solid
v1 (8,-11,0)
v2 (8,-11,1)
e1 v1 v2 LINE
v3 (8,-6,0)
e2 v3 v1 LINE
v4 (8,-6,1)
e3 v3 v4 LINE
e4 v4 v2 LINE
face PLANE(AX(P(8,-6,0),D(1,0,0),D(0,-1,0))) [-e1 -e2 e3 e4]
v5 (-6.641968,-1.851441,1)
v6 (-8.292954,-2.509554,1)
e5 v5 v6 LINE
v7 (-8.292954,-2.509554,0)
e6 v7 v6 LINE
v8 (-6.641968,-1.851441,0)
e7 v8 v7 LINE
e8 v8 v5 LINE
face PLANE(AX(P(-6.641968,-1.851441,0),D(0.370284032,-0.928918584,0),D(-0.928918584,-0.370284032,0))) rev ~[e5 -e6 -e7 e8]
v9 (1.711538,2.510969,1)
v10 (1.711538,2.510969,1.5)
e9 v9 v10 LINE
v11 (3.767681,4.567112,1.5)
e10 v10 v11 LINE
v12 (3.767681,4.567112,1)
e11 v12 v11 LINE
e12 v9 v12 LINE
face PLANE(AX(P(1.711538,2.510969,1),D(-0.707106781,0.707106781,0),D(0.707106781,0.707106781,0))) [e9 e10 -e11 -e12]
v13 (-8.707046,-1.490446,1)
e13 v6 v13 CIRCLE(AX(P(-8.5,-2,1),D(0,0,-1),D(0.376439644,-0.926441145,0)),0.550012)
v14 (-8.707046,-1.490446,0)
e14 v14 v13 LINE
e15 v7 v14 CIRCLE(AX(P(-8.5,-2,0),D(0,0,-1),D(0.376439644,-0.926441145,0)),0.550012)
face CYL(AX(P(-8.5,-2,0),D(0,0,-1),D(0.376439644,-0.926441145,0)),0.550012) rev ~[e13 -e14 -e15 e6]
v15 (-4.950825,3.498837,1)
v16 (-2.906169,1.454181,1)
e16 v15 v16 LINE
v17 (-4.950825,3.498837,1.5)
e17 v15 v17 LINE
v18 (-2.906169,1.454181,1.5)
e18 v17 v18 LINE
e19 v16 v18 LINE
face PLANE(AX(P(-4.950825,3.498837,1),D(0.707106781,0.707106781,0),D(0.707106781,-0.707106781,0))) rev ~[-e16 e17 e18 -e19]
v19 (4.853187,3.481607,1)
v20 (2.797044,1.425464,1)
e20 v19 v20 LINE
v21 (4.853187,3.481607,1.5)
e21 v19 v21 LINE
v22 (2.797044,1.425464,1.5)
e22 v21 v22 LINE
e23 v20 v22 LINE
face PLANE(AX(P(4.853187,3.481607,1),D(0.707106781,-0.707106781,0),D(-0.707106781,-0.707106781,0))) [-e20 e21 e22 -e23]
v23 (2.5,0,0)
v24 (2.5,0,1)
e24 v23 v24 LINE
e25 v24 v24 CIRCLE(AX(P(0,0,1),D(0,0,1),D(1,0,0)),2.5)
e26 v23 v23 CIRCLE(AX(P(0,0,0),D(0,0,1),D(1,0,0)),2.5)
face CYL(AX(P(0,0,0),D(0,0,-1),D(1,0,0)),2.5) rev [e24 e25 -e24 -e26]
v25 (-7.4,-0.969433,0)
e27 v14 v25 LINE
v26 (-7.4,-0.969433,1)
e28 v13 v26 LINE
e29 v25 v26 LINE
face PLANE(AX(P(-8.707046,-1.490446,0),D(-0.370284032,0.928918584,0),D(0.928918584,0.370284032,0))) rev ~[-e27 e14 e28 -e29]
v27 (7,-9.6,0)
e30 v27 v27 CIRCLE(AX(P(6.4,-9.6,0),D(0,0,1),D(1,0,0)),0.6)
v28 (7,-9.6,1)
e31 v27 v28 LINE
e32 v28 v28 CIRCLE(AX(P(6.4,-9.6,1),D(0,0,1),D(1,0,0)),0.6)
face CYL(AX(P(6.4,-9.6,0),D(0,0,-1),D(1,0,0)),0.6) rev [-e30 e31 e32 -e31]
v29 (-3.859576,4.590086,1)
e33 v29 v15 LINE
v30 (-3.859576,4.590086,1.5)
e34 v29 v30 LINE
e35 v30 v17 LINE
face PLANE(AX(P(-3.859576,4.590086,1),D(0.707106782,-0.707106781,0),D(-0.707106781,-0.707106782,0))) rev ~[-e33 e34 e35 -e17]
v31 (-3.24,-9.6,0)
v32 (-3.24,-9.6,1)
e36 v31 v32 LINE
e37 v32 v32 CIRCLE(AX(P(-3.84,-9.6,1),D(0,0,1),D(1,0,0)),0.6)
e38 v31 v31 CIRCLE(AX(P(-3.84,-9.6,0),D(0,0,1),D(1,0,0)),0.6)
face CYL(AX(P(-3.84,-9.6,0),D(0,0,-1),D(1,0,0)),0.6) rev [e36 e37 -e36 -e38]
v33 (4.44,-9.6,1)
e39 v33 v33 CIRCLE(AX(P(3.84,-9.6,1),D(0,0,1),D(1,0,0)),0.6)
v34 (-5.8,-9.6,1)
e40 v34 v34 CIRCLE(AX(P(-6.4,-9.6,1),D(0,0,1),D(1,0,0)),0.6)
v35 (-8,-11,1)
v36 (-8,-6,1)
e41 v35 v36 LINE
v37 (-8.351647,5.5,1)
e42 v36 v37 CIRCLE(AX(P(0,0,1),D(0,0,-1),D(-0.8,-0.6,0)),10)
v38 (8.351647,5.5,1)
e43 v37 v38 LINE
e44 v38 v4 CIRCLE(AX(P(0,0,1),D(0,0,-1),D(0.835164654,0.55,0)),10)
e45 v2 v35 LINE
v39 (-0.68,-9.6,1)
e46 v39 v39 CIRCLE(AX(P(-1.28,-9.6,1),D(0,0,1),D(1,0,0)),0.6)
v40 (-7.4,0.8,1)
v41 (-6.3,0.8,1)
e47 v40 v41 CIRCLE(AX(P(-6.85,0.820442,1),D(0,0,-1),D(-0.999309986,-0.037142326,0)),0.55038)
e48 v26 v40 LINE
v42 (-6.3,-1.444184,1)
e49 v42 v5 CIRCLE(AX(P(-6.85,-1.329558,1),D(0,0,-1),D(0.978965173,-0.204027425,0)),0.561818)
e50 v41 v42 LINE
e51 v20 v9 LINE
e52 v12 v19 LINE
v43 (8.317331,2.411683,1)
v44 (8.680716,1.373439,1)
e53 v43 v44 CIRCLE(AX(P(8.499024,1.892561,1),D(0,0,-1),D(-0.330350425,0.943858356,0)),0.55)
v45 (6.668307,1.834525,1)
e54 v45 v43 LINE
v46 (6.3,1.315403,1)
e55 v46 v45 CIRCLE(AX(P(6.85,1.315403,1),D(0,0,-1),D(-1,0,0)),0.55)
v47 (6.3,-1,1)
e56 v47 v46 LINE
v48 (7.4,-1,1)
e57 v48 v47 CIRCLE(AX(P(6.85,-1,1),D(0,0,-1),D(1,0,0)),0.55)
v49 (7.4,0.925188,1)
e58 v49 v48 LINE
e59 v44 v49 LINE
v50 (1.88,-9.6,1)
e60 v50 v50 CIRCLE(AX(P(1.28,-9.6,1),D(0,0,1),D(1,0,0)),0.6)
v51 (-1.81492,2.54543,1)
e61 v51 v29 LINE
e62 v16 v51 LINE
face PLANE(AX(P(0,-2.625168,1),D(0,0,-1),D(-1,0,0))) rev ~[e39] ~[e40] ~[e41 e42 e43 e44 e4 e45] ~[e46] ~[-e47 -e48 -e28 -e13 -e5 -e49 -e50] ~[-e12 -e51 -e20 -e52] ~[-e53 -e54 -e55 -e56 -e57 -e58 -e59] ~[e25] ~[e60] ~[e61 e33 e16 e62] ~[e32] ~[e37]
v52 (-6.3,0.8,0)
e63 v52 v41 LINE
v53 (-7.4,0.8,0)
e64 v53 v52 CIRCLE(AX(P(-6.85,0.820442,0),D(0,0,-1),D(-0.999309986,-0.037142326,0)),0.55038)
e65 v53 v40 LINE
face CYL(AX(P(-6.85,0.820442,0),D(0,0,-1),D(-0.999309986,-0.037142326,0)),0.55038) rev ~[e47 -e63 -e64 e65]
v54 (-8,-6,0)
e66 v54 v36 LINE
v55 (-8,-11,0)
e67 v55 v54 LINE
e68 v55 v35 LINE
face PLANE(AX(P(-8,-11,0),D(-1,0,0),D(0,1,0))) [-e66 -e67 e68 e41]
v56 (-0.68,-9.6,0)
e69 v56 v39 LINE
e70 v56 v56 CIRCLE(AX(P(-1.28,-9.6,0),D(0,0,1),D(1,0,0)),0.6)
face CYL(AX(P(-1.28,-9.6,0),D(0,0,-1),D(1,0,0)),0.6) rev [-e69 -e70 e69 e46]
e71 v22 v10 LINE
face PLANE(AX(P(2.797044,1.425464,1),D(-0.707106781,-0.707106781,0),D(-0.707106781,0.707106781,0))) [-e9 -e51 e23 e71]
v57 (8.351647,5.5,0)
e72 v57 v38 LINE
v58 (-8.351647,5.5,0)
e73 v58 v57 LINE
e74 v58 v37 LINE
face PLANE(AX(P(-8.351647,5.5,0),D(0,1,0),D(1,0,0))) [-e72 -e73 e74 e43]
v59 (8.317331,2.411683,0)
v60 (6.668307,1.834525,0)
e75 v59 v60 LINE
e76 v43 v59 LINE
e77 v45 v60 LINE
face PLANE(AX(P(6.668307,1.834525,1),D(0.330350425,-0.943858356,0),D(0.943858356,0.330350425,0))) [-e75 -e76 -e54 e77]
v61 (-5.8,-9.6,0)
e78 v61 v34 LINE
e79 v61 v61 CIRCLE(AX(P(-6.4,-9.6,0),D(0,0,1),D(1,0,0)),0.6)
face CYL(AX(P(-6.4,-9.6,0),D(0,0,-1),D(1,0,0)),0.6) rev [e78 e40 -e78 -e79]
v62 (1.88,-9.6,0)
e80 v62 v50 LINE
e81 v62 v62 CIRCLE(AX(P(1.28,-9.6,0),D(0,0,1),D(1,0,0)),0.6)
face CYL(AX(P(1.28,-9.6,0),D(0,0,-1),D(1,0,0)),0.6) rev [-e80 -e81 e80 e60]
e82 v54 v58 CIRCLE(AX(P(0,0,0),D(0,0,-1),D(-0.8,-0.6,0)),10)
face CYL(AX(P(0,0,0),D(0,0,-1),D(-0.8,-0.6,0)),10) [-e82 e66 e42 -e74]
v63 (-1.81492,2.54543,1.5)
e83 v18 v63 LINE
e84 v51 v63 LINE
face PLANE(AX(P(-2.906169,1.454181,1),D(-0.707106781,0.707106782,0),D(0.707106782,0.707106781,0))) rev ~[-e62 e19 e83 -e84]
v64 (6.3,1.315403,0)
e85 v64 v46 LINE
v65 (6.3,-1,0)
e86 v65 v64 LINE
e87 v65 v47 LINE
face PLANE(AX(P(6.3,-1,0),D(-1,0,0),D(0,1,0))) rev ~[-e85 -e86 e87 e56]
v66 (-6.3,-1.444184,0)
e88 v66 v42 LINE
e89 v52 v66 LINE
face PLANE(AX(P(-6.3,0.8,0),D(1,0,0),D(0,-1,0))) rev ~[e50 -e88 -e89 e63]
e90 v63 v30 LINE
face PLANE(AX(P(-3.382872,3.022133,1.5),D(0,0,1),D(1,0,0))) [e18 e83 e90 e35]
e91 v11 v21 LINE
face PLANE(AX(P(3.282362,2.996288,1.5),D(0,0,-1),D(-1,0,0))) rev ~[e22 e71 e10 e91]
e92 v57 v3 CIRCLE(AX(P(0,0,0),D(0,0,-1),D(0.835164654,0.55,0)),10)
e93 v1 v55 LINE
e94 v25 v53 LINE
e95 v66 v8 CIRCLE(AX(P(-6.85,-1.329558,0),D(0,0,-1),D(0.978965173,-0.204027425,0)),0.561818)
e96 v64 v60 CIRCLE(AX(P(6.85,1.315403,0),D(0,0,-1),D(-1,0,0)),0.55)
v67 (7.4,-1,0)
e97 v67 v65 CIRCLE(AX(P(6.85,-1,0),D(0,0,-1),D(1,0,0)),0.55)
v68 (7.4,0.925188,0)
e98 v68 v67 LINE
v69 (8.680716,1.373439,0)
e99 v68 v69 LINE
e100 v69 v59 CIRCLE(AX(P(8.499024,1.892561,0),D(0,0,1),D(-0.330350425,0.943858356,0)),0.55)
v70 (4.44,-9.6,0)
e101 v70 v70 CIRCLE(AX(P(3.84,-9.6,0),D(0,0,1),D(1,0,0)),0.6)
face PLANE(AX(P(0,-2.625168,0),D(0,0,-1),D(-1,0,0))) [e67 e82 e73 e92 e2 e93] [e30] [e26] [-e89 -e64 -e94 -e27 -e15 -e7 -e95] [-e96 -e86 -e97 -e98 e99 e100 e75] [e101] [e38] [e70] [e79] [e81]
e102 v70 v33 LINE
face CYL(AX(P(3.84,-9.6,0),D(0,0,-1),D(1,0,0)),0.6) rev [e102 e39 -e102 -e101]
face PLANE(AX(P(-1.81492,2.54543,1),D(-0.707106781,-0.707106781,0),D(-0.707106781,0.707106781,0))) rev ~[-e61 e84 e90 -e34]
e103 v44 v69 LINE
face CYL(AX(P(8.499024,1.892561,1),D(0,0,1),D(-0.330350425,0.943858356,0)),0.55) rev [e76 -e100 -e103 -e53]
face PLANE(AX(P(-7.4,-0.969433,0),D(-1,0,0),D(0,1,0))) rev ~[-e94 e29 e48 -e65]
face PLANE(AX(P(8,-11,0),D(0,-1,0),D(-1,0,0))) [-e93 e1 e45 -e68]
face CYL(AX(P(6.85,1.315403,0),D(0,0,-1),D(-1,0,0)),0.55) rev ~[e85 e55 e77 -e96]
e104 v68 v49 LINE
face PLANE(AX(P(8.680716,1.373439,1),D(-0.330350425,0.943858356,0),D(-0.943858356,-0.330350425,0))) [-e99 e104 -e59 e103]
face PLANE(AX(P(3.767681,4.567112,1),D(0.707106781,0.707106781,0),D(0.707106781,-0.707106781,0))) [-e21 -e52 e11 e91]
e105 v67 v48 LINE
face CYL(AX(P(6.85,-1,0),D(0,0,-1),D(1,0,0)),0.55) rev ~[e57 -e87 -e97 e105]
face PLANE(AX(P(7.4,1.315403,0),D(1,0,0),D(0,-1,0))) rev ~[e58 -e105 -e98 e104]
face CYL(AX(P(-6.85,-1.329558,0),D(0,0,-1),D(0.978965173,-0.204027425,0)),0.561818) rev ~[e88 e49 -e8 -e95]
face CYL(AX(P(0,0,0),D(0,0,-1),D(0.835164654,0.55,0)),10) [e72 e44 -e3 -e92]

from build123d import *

# Parameters (mm, degrees)
ESQUISSE1_R             = 2.5
ESQUISSE1_R_2           = 0.6
BOSS_EXTRU_1_DEPTH      = 1
ENL_V_MAT_EXTRU_1_DEPTH = 15.899664426
BOSS_EXTRU_2_DEPTH      = 0.5
BOSS_EXTRU_3_DEPTH      = 0.5


with BuildPart() as part:
    # Esquisse1 → Boss.-Extru.1 (new body)
    with BuildSketch(Plane.XY):
        with BuildLine():
            Line((-8.351646544, 5.5), (8.351646544, 5.5))
            ThreePointArc((8.351646544, 5.5), (9.995328218, -0.30563675), (8, -6))
            Line((8, -6), (8, -11))
            Line((8, -11), (-8, -11))
            Line((-8, -11), (-8, -6))
            ThreePointArc((-8, -6), (-9.995328218, -0.30563675), (-8.351646544, 5.5))
        make_face()
        Circle(ESQUISSE1_R, mode=Mode.SUBTRACT)
        with Locations((-6.4, -9.6)):
            Circle(ESQUISSE1_R_2, mode=Mode.SUBTRACT)
        with Locations((-3.84, -9.6)):
            Circle(ESQUISSE1_R_2, mode=Mode.SUBTRACT)
        with Locations((-1.28, -9.6)):
            Circle(ESQUISSE1_R_2, mode=Mode.SUBTRACT)
        with Locations((1.28, -9.6)):
            Circle(ESQUISSE1_R_2, mode=Mode.SUBTRACT)
        with Locations((3.84, -9.6)):
            Circle(ESQUISSE1_R_2, mode=Mode.SUBTRACT)
        with Locations((6.4, -9.6)):
            Circle(ESQUISSE1_R_2, mode=Mode.SUBTRACT)
        with BuildLine():
            Line((-6.3, 0.8), (-6.3, -1.444183839))
            ThreePointArc((-6.3, -1.444183839), (-6.419746949, -1.690835185), (-6.641967863, -1.851440553))
            Line((-6.641967863, -1.851440553), (-8.292953638, -2.509553847))
            ThreePointArc((-8.292953638, -2.509553847), (-9.009553847, -2.207046362), (-8.707046362, -1.490446153))
            Line((-8.707046362, -1.490446153), (-7.4, -0.969433434))
            Line((-7.4, -0.969433434), (-7.4, 0.8))
            ThreePointArc((-7.4, 0.8), (-6.85, 1.370822155), (-6.3, 0.8))
        make_face(mode=Mode.SUBTRACT)
        with BuildLine():
            Line((7.4, 1.315402872), (7.4, -1))
            ThreePointArc((7.4, -1), (6.85, -1.55), (6.3, -1))
            Line((6.3, -1), (6.3, 1.315402872))
            ThreePointArc((6.3, 1.315402872), (6.85, 1.865402872), (7.4, 1.315402872))
        make_face(mode=Mode.SUBTRACT)
    extrude(amount=BOSS_EXTRU_1_DEPTH)

    # Esquisse2 → Enlèv. mat.-Extru.1 (cut, through all)
    with BuildSketch(Plane.XY.offset(1)):
        with BuildLine():
            Line((6.668307266, 1.834524968), (8.317330789, 2.411683201))
            ThreePointArc((8.317330789, 2.411683201), (9.018145619, 2.074253838), (8.680716257, 1.373439009))
            Line((8.680716257, 1.373439009), (7.031692734, 0.796280776))
            ThreePointArc((7.031692734, 0.796280776), (6.330877904, 1.133710138), (6.668307266, 1.834524968))
        make_face()
    extrude(amount=-ENL_V_MAT_EXTRU_1_DEPTH, mode=Mode.SUBTRACT)

    # Esquisse3 → Boss.-Extru.2 (add)
    with BuildSketch(Plane.XY.offset(1)):
        Polygon((-4.950824849, 3.498836933), (-2.906168647, 1.454180731), (-1.81491955, 2.545429827), (-3.859575753, 4.59008603), align=None)
    extrude(amount=BOSS_EXTRU_2_DEPTH)

    # Esquisse4 → Boss.-Extru.3 (add)
    with BuildSketch(Plane.XY.offset(1)):
        Polygon((1.711538057, 2.510969329), (3.767681092, 4.567112364), (4.853186772, 3.481606684), (2.797043737, 1.425463649), align=None)
    extrude(amount=BOSS_EXTRU_3_DEPTH)


solid = part.part
